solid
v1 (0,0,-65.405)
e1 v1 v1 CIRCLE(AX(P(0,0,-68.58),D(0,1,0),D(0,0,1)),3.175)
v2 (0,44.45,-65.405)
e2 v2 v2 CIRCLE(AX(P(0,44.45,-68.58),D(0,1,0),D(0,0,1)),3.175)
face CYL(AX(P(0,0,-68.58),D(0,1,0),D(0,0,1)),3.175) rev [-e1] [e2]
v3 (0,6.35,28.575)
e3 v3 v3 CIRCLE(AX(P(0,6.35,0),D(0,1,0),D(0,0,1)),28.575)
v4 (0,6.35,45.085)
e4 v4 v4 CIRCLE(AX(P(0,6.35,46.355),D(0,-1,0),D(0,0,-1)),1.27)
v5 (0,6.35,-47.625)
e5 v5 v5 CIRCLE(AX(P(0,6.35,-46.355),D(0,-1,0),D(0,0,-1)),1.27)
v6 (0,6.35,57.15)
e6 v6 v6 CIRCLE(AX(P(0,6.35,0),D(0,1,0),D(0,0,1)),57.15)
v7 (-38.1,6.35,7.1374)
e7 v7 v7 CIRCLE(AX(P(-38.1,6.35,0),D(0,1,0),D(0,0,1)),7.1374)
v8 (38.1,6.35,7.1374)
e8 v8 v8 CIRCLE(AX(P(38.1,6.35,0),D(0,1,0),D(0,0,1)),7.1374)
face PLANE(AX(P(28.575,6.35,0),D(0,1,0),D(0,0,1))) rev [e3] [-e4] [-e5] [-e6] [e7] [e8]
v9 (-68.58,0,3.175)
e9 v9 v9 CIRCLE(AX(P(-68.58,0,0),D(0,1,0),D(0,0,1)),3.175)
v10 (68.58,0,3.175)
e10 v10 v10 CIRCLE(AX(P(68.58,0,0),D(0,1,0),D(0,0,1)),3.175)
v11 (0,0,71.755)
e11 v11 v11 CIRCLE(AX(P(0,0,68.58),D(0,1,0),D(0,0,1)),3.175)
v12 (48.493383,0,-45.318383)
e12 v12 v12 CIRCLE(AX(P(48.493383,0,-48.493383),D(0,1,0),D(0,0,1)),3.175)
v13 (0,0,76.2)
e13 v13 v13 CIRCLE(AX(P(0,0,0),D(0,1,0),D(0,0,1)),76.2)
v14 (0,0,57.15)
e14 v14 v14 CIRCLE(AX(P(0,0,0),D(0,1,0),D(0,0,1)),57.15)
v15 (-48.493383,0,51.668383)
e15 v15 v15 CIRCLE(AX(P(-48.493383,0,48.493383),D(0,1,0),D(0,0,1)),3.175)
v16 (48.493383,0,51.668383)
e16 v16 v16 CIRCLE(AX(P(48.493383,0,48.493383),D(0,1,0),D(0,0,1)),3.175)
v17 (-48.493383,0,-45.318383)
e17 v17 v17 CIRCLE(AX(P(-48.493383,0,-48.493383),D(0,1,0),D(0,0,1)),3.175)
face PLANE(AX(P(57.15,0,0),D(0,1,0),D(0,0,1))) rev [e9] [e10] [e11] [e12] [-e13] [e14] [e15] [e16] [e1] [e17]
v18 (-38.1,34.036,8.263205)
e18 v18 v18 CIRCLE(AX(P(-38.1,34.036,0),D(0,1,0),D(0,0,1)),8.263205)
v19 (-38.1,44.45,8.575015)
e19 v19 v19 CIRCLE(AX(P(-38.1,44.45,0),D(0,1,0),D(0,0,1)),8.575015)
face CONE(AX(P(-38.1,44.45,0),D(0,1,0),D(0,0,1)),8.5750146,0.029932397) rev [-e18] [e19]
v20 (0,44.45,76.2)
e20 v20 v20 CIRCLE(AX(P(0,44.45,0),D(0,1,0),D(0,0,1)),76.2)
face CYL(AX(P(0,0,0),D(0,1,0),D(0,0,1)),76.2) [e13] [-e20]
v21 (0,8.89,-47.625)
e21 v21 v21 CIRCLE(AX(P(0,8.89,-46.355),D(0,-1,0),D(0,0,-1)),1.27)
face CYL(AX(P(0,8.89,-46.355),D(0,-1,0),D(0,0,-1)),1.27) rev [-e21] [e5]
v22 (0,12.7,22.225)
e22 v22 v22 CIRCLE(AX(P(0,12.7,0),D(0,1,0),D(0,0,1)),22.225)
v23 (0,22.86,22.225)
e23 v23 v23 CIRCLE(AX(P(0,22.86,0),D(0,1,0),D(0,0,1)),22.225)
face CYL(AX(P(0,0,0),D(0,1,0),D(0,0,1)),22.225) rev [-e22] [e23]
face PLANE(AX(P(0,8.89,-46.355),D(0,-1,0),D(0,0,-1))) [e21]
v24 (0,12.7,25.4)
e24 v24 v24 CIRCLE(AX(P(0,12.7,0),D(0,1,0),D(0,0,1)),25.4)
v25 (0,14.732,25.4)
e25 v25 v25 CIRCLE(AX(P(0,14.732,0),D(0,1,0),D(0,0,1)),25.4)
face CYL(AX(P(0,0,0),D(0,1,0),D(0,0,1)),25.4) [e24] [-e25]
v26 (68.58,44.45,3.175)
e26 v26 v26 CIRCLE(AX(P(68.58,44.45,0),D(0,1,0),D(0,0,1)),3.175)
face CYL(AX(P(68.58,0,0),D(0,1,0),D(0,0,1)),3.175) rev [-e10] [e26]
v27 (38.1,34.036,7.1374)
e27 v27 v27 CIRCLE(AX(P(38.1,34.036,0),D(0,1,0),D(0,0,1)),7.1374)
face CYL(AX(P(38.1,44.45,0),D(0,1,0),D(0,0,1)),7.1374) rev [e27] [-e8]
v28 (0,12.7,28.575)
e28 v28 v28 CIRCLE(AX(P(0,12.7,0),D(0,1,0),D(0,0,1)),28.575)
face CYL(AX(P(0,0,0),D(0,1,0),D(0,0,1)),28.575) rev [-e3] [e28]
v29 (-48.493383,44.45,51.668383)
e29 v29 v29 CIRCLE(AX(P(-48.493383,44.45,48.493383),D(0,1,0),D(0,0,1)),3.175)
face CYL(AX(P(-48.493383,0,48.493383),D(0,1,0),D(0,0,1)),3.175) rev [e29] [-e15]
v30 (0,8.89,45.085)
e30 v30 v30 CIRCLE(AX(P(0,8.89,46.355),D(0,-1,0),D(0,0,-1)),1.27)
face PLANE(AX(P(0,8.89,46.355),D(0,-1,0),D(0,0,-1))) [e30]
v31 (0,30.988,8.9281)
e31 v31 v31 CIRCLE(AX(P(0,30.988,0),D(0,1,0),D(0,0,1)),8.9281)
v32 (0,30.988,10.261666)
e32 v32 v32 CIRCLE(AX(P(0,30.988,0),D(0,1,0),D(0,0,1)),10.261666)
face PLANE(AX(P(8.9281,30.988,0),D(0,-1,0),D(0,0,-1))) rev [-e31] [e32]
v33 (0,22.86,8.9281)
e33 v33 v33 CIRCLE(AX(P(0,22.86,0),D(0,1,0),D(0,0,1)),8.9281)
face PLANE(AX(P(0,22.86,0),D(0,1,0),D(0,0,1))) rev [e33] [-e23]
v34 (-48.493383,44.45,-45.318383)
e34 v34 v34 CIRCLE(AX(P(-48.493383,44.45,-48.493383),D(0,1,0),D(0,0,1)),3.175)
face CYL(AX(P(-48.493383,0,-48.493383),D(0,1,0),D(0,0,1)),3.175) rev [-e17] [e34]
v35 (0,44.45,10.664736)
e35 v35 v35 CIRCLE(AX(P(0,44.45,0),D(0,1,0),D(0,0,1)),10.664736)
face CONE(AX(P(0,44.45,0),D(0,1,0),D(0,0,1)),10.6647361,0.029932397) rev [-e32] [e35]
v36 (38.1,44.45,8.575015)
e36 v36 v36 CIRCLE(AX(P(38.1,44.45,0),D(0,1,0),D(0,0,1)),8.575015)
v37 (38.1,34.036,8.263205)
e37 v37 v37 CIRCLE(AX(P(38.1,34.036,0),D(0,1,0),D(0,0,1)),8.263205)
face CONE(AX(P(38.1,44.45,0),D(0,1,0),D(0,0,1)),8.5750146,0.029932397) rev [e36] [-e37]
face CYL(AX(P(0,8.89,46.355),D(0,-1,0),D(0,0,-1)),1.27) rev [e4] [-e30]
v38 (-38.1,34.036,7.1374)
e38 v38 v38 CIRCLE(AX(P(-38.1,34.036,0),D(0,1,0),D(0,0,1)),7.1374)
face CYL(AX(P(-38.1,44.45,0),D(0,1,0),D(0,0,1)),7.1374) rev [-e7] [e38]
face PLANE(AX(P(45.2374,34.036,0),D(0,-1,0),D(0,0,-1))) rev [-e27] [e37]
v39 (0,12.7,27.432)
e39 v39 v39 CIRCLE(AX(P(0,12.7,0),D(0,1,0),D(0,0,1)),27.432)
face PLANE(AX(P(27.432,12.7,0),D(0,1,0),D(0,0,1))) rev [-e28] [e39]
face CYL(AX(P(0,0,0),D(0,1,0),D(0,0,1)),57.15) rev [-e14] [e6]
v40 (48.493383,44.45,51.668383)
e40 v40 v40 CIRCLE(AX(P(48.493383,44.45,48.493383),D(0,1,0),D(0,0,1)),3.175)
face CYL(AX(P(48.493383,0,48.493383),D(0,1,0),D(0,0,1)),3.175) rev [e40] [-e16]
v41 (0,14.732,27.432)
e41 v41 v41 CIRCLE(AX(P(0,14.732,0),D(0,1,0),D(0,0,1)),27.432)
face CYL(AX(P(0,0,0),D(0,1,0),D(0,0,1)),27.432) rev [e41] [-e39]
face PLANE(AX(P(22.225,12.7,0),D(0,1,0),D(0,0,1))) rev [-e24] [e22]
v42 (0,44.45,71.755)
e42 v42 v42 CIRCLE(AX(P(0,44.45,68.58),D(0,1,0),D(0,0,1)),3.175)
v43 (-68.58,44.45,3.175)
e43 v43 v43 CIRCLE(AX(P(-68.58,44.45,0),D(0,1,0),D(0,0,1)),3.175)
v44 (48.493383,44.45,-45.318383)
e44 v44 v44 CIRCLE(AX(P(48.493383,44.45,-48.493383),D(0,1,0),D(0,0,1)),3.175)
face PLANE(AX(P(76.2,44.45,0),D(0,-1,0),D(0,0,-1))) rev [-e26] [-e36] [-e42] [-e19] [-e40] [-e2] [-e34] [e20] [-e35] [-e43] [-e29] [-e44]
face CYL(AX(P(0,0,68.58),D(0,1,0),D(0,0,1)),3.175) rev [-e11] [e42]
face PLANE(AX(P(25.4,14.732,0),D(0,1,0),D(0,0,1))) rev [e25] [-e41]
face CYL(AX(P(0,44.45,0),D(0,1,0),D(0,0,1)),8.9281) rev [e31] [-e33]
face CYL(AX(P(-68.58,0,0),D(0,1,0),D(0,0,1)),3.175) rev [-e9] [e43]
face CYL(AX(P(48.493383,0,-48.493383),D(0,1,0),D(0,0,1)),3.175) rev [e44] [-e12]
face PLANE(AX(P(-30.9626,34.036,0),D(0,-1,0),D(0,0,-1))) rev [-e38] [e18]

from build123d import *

# Parameters (mm, degrees)
F_3_8_NPT_TAPPED_HOLE1_AT_2_COUNT = 2
F_3_8_NPT_TAPPED_HOLE1_AT_2_PITCH = 76.2
BOLT_HOLES_PROFILE_R              = 3.175
BOLT_HOLES_DEPTH                  = 117.570504417
DOWEL_HOLES_PROFILE_R             = 1.27
DOWEL_HOLES_DEPTH                 = 2.54


with BuildPart() as part:
    # Main Shape Profile → Main Shape (revolve)
    with BuildSketch(Plane.XY, mode=Mode.PRIVATE) as main_shape_sk:
        Polygon((0, 44.45), (0, 22.86), (22.225, 22.86), (22.225, 12.7), (25.4, 12.7), (25.4, 14.732), (27.432, 14.732), (27.432, 12.7), (28.575, 12.7), (28.575, 6.35), (57.15, 6.35), (57.15, 0), (76.2, 0), (76.2, 44.45), align=None)
    revolve(main_shape_sk.sketch.rotate(Axis((0, 0, 0), (0, -1, 0)), 90), axis=Axis((0, 0, 0), (0, -1, 0)))

    # Sketch3 → 1/2 NPT Tapped Hole1 (revolve, cut)
    with BuildSketch(Plane(origin=(0, 44.45, 0), x_dir=(0, 0, 1), z_dir=(1, 0, 0))):
        Polygon((0, 0), (0, 44.45), (8.9281, 44.45), (8.9281, 13.462), (10.261665792, 13.462), (10.6647361, 0), align=None)
    revolve(axis=Axis((0, 50.8, 0), (0, -1, 0)), mode=Mode.SUBTRACT)

    # Sketch4 → 3/8 NPT Tapped Hole1 (revolve, cut)
    with BuildSketch(Plane(origin=(-38.1, 44.45, 0), x_dir=(0, 0, 1), z_dir=(1, 0, 0))):
        Polygon((0, 0), (0, 44.45), (7.1374, 44.45), (7.1374, 10.414), (8.263205494, 10.414), (8.5750146, 0), align=None)
    f_3_8_npt_tapped_hole1 = revolve(axis=Axis((-38.1, 50.8, 0), (0, -1, 0)), mode=Mode.SUBTRACT)

    # 3/8 NPT Tapped Hole1 at 2: 3/8 NPT Tapped Hole1 ×2
    with Locations(*[(i * F_3_8_NPT_TAPPED_HOLE1_AT_2_PITCH, 0, 0) for i in range(1, F_3_8_NPT_TAPPED_HOLE1_AT_2_COUNT)]):
        add(f_3_8_npt_tapped_hole1, mode=Mode.SUBTRACT)

    # Bolt Holes Profile → Bolt Holes (cut, through all)
    with BuildSketch(Plane(origin=(0, 44.45, 0), x_dir=(1, 0, 0), z_dir=(0, 1, 0))):
        with Locations(Location((0, 68.58, 0), (0, 0, 270))):
            Circle(BOLT_HOLES_PROFILE_R)
        with Locations(Location((48.493383054, 48.493383054, 0), (0, 0, 270))):
            Circle(BOLT_HOLES_PROFILE_R)
        with Locations(Location((68.58, 0, 0), (0, 0, 270))):
            Circle(BOLT_HOLES_PROFILE_R)
        with Locations(Location((48.493383054, -48.493383054, 0), (0, 0, 270))):
            Circle(BOLT_HOLES_PROFILE_R)
        with Locations(Location((0, -68.58, 0), (0, 0, 270))):
            Circle(BOLT_HOLES_PROFILE_R)
        with Locations(Location((-48.493383054, -48.493383054, 0), (0, 0, 270))):
            Circle(BOLT_HOLES_PROFILE_R)
        with Locations(Location((-68.58, 0, 0), (0, 0, 270))):
            Circle(BOLT_HOLES_PROFILE_R)
        with Locations(Location((-48.493383054, 48.493383054, 0), (0, 0, 270))):
            Circle(BOLT_HOLES_PROFILE_R)
    extrude(amount=-BOLT_HOLES_DEPTH, mode=Mode.SUBTRACT)

    # Dowel Holes Profile → Dowel Holes (cut)
    with BuildSketch(Plane.XZ.offset(-6.35)):
        with Locations(Location((0, 46.355, 0), (0, 0, 270))):
            Circle(DOWEL_HOLES_PROFILE_R)
        with Locations(Location((0, -46.355, 0), (0, 0, 270))):
            Circle(DOWEL_HOLES_PROFILE_R)
    extrude(amount=-DOWEL_HOLES_DEPTH, mode=Mode.SUBTRACT)


solid = part.part
